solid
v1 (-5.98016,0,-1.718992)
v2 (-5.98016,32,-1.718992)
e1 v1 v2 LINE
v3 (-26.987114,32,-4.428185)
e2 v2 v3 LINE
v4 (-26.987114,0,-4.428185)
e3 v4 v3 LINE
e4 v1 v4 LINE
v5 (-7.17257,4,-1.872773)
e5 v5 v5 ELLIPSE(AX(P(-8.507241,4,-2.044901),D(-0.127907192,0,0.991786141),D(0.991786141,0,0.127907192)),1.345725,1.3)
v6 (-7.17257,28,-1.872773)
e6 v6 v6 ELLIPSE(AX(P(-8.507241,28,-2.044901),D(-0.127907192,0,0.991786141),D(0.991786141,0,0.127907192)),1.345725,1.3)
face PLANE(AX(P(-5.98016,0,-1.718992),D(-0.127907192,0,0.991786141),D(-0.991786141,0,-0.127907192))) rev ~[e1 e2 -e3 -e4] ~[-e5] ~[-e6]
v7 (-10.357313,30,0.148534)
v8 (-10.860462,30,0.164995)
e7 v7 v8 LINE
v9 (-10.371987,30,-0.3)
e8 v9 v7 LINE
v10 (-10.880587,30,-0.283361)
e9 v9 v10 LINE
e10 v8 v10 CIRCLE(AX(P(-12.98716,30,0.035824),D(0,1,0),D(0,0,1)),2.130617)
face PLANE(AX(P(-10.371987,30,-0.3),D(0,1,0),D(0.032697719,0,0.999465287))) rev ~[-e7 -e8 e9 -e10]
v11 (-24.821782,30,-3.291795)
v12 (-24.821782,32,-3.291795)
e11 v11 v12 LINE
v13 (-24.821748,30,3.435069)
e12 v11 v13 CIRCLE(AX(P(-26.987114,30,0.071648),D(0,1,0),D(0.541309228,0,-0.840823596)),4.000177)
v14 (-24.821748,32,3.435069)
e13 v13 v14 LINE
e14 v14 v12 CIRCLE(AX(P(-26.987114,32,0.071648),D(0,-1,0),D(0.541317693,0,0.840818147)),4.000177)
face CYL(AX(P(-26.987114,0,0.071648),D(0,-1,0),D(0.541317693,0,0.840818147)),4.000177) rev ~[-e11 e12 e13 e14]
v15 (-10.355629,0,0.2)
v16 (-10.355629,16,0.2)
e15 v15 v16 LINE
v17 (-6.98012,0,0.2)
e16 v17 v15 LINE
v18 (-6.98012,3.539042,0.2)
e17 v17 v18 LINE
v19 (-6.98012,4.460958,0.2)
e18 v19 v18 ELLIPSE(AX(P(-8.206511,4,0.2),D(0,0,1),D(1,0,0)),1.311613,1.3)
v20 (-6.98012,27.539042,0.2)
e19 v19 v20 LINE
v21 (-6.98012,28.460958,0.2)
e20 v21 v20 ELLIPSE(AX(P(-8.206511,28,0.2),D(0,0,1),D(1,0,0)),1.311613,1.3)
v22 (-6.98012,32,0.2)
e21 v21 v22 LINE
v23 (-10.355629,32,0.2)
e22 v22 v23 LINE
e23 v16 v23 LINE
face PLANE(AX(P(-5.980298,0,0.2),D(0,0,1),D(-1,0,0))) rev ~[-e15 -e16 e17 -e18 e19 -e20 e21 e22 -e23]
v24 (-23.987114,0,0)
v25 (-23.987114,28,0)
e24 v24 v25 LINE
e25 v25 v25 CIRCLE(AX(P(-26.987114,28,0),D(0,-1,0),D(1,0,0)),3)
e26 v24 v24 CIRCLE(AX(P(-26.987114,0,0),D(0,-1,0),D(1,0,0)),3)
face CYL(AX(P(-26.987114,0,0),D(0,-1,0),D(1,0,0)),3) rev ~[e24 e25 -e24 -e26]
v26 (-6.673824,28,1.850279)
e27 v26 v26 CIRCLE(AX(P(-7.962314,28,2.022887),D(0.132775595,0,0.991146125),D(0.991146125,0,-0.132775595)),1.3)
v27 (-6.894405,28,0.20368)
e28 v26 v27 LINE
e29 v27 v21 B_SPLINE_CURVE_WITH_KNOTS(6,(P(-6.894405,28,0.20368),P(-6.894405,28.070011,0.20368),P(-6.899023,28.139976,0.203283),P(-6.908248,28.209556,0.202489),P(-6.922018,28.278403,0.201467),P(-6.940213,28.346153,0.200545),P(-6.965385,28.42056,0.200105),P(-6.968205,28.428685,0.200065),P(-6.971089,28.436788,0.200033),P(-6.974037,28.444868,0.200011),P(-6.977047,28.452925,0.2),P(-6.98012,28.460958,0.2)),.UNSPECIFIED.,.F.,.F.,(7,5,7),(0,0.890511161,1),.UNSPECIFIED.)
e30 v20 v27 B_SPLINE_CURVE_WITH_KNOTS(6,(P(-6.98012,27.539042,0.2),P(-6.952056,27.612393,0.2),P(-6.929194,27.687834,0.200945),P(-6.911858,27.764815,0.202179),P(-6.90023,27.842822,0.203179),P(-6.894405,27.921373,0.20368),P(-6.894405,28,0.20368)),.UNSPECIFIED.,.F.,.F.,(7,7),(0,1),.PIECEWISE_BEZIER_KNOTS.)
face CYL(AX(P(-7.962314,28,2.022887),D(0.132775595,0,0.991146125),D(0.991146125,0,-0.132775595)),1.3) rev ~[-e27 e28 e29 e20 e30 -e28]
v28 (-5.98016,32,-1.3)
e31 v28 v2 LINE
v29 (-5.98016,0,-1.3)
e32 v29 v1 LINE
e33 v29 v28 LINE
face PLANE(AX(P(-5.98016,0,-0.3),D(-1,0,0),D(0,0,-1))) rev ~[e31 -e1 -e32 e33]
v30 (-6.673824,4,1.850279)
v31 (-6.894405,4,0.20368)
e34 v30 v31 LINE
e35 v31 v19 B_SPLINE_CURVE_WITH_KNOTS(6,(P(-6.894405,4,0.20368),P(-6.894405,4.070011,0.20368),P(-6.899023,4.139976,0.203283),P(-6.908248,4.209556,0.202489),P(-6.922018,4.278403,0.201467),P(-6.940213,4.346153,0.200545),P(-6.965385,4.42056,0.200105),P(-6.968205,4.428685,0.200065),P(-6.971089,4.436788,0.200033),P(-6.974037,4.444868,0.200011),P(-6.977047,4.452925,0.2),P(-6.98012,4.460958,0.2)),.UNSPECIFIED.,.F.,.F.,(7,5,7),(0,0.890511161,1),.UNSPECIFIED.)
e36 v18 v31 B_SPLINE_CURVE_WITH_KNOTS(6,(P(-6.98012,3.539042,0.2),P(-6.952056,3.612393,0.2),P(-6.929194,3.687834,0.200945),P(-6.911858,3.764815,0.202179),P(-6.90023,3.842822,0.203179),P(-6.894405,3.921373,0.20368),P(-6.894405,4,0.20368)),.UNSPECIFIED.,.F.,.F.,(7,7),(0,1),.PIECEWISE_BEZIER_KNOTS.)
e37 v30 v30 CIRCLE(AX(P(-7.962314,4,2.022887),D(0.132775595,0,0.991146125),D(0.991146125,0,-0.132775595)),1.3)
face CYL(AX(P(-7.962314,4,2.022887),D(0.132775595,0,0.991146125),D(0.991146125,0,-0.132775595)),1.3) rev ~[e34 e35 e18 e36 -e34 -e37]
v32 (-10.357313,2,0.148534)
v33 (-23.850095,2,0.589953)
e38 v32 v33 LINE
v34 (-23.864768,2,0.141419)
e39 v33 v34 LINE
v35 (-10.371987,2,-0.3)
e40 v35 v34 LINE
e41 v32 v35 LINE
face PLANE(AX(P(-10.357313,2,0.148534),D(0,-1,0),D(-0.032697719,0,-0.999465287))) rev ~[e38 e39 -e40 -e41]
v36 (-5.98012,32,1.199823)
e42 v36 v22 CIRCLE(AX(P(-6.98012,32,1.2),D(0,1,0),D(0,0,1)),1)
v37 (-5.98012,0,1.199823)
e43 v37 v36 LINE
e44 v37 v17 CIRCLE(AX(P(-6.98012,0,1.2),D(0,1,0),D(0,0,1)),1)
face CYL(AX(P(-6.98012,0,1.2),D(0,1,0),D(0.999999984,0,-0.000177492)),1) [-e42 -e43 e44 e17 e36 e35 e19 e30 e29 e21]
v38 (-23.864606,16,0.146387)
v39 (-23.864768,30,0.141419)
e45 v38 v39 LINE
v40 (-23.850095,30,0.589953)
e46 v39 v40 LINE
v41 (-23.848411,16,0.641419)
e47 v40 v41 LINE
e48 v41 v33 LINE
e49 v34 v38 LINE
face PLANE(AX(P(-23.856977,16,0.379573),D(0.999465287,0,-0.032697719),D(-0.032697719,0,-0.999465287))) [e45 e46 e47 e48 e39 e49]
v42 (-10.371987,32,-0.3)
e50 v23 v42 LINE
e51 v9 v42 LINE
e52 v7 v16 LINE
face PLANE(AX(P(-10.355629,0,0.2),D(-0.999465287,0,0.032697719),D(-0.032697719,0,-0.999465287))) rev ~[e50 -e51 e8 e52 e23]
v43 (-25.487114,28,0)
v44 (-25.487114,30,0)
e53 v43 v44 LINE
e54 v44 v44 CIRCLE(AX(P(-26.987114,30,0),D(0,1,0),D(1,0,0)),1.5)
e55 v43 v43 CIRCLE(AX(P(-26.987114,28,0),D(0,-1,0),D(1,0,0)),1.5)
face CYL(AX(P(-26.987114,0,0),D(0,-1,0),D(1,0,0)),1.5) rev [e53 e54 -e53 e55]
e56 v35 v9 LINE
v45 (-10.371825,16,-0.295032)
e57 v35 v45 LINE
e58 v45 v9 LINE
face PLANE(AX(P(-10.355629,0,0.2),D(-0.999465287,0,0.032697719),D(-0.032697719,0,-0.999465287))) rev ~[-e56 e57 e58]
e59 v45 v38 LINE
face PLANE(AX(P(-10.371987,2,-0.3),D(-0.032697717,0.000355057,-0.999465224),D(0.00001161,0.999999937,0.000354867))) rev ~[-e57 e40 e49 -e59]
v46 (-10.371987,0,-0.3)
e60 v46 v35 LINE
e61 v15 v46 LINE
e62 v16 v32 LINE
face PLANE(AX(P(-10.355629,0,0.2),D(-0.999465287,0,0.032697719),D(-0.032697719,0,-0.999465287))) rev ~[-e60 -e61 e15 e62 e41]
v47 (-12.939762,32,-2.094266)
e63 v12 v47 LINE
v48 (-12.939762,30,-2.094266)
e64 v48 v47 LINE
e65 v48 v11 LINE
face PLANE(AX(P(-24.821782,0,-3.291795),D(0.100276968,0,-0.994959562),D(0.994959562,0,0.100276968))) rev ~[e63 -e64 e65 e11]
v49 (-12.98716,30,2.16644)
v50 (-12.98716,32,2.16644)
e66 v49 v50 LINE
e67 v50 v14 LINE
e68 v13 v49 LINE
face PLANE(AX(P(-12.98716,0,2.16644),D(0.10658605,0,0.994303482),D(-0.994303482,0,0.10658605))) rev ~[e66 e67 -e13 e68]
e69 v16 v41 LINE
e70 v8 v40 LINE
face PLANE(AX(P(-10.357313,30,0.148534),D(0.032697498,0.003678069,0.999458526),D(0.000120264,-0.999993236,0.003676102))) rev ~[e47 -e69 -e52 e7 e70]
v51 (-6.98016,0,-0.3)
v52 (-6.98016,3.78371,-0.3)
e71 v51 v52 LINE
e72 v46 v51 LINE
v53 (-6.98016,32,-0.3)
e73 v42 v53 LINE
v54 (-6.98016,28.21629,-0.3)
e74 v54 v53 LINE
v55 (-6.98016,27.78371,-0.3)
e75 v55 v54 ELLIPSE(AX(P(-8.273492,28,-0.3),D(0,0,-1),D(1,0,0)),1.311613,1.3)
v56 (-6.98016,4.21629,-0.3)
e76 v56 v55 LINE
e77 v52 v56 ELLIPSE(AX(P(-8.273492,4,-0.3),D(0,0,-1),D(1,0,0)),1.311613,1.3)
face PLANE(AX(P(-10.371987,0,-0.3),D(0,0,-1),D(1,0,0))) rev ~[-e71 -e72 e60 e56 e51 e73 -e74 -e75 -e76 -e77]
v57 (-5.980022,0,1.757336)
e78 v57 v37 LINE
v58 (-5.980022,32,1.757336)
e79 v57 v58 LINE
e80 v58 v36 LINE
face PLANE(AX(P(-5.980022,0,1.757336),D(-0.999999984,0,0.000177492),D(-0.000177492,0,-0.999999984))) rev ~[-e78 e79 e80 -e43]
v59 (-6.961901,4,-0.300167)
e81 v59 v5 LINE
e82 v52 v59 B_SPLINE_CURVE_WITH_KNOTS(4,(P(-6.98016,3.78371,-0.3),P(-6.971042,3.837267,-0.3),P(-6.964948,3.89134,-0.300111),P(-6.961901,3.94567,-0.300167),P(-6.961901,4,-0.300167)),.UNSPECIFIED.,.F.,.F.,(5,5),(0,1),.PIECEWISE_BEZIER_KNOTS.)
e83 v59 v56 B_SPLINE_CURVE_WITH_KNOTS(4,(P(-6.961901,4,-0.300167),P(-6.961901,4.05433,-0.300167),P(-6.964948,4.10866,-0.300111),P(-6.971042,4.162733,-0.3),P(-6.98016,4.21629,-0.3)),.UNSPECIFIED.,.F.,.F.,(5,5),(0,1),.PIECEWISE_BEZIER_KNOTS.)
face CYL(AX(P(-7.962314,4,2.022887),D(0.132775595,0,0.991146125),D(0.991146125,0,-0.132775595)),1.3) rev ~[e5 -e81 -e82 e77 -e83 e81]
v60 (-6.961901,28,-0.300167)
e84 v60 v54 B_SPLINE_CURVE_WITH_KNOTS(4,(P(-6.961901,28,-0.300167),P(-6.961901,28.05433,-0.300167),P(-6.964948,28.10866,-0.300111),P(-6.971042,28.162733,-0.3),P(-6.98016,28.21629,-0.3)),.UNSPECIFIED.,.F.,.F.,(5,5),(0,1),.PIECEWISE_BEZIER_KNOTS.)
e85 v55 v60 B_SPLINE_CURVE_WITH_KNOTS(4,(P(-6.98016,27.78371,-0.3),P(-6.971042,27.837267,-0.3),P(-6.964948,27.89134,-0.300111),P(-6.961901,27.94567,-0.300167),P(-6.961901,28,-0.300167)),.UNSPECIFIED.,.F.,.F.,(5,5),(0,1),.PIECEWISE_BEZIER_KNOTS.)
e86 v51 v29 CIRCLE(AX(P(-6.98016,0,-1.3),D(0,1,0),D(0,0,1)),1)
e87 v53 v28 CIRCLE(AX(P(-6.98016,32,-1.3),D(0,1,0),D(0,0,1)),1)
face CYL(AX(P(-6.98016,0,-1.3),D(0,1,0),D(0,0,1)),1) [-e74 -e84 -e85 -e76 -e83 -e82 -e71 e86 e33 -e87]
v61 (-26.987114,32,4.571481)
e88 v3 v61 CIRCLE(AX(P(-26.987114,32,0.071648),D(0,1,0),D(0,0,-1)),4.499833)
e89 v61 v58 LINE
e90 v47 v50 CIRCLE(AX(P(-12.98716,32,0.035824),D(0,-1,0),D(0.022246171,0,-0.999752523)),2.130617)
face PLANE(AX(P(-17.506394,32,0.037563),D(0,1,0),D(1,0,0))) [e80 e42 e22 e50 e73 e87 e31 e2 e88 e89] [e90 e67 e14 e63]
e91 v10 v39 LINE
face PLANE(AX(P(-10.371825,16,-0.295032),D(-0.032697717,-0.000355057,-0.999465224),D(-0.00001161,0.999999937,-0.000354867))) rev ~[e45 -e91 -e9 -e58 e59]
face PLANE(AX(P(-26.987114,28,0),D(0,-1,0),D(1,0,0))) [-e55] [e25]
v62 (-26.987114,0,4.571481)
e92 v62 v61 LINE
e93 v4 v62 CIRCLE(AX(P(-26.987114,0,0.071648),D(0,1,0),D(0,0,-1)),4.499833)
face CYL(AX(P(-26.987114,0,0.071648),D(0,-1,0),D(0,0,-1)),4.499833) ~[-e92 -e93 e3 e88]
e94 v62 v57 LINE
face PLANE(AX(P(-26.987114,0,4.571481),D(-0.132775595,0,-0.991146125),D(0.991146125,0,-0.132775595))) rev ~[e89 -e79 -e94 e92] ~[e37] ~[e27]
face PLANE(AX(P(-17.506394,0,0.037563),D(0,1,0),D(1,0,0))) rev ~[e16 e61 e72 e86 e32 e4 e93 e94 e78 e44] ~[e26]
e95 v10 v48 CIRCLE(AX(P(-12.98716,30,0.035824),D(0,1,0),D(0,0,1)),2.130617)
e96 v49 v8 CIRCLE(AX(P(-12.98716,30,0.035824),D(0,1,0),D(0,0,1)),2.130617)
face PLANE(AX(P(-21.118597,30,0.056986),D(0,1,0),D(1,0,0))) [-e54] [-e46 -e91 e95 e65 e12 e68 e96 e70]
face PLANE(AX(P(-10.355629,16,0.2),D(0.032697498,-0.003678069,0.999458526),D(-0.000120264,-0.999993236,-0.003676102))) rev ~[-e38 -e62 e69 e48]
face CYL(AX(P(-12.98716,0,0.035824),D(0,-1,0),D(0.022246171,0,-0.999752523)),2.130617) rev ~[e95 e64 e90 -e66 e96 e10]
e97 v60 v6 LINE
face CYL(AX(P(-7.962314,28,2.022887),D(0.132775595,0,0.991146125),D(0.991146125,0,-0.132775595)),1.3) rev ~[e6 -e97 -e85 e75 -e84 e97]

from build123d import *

# Parameters (mm, degrees)
SKETCH2_R           = 1.5
BOSS_EXTRUDE1_DEPTH = 30
BOSS_EXTRUDE2_DEPTH = 32
FILLET3_R           = 1
CUT_EXTRUDE1_DEPTH  = 13.5
SKETCH5_R           = 1.3
CUT_EXTRUDE2_DEPTH  = 46.300984841
SKETCH6_R           = 3
CUT_EXTRUDE3_DEPTH  = 28


with BuildPart() as part:
    # Sketch2 → Boss-Extrude1 (new body)
    with BuildSketch(Plane(origin=(0, 0, 0), x_dir=(1, 0, 0), z_dir=(0, 1, 0))):
        with BuildLine():
            Line((-12.939762178, 2.094266176), (-24.821781773, 3.29179515))
            ThreePointArc((-24.821781773, 3.29179515), (-30.987291256, -0.071668068), (-24.821747911, -3.435069212))
            Line((-24.821747911, -3.435069212), (-12.987160246, -2.166440487))
            ThreePointArc((-12.987160246, -2.166440487), (-10.8566751, -0.059524017), (-12.939762178, 2.094266176))
        make_face()
        with Locations((-26.987114413, 0)):
            Circle(SKETCH2_R, mode=Mode.SUBTRACT)
    extrude(amount=BOSS_EXTRUDE1_DEPTH)

    # Sketch2<3> → Boss-Extrude2 (add)
    with BuildSketch(Plane(origin=(0, 0, 0), x_dir=(1, 0, 0), z_dir=(0, 1, 0))):
        with BuildLine():
            Line((-5.980021524, -1.757335699), (-5.980297938, -0.2))
            Line((-5.980297938, -0.2), (-10.355629468, -0.2))
            Line((-10.355629468, -0.2), (-10.371987074, 0.3))
            Line((-10.371987074, 0.3), (-5.980159731, 0.3))
            Line((-5.980159731, 0.3), (-5.980159731, 1.71899167))
            Line((-5.980159731, 1.71899167), (-26.987114411, 4.428185187))
            ThreePointArc((-26.987114411, 4.428185187), (-31.48694753, -0.071647931), (-26.987114411, -4.57148105))
            Line((-26.987114411, -4.57148105), (-5.980021524, -1.757335699))
        make_face()
        with BuildLine():
            Line((-12.987160246, -2.166440487), (-24.821747911, -3.435069212))
            ThreePointArc((-24.821747911, -3.435069212), (-30.987291256, -0.071668068), (-24.821781773, 3.29179515))
            Line((-24.821781773, 3.29179515), (-12.939762178, 2.094266176))
            ThreePointArc((-12.939762178, 2.094266176), (-10.8566751, -0.059524017), (-12.987160246, -2.166440487))
        make_face(mode=Mode.SUBTRACT)
    extrude(amount=BOSS_EXTRUDE2_DEPTH)

    # Fillet3
    fillet3_edges = [part.edges().sort_by_distance(p)[0] for p in [
        (-5.980297938, 16, 0.2),
        (-5.980159731, 16, -0.3),
    ]]
    fillet(fillet3_edges, radius=FILLET3_R)

    # Sketch4 → Cut-Extrude1 (cut)
    with BuildSketch(Plane(origin=(-10.351093889, 0, 0.338638235), x_dir=(-0.03269771907792328, 0, -0.9994652866243536), z_dir=(0.9994652866243536, 0, -0.03269771907792328))):
        Polygon((0.190205723, 30), (0.138712406, 16), (0.190205723, 2), (0.638979906, 2), (0.634009108, 16), (0.638979906, 30), align=None)
    extrude(amount=-CUT_EXTRUDE1_DEPTH, mode=Mode.SUBTRACT)

    # Sketch5 → Cut-Extrude2 (cut, through all)
    with BuildSketch(Plane(origin=(0.125841463, 0, 0.939384066), x_dir=(0.9911461251188364, 0, -0.1327755951292104), z_dir=(0.1327755951292104, 0, 0.9911461251188365))):
        with Locations((-8.160406455, 28)):
            Circle(SKETCH5_R)
        with Locations((-8.160406455, 4)):
            Circle(SKETCH5_R)
    extrude(amount=-CUT_EXTRUDE2_DEPTH, mode=Mode.SUBTRACT)

    # Sketch6 → Cut-Extrude3 (cut)
    with BuildSketch(Plane.XZ):
        with Locations((-26.987114413, 0)):
            Circle(SKETCH6_R)
    extrude(amount=-CUT_EXTRUDE3_DEPTH, mode=Mode.SUBTRACT)


solid = part.part
